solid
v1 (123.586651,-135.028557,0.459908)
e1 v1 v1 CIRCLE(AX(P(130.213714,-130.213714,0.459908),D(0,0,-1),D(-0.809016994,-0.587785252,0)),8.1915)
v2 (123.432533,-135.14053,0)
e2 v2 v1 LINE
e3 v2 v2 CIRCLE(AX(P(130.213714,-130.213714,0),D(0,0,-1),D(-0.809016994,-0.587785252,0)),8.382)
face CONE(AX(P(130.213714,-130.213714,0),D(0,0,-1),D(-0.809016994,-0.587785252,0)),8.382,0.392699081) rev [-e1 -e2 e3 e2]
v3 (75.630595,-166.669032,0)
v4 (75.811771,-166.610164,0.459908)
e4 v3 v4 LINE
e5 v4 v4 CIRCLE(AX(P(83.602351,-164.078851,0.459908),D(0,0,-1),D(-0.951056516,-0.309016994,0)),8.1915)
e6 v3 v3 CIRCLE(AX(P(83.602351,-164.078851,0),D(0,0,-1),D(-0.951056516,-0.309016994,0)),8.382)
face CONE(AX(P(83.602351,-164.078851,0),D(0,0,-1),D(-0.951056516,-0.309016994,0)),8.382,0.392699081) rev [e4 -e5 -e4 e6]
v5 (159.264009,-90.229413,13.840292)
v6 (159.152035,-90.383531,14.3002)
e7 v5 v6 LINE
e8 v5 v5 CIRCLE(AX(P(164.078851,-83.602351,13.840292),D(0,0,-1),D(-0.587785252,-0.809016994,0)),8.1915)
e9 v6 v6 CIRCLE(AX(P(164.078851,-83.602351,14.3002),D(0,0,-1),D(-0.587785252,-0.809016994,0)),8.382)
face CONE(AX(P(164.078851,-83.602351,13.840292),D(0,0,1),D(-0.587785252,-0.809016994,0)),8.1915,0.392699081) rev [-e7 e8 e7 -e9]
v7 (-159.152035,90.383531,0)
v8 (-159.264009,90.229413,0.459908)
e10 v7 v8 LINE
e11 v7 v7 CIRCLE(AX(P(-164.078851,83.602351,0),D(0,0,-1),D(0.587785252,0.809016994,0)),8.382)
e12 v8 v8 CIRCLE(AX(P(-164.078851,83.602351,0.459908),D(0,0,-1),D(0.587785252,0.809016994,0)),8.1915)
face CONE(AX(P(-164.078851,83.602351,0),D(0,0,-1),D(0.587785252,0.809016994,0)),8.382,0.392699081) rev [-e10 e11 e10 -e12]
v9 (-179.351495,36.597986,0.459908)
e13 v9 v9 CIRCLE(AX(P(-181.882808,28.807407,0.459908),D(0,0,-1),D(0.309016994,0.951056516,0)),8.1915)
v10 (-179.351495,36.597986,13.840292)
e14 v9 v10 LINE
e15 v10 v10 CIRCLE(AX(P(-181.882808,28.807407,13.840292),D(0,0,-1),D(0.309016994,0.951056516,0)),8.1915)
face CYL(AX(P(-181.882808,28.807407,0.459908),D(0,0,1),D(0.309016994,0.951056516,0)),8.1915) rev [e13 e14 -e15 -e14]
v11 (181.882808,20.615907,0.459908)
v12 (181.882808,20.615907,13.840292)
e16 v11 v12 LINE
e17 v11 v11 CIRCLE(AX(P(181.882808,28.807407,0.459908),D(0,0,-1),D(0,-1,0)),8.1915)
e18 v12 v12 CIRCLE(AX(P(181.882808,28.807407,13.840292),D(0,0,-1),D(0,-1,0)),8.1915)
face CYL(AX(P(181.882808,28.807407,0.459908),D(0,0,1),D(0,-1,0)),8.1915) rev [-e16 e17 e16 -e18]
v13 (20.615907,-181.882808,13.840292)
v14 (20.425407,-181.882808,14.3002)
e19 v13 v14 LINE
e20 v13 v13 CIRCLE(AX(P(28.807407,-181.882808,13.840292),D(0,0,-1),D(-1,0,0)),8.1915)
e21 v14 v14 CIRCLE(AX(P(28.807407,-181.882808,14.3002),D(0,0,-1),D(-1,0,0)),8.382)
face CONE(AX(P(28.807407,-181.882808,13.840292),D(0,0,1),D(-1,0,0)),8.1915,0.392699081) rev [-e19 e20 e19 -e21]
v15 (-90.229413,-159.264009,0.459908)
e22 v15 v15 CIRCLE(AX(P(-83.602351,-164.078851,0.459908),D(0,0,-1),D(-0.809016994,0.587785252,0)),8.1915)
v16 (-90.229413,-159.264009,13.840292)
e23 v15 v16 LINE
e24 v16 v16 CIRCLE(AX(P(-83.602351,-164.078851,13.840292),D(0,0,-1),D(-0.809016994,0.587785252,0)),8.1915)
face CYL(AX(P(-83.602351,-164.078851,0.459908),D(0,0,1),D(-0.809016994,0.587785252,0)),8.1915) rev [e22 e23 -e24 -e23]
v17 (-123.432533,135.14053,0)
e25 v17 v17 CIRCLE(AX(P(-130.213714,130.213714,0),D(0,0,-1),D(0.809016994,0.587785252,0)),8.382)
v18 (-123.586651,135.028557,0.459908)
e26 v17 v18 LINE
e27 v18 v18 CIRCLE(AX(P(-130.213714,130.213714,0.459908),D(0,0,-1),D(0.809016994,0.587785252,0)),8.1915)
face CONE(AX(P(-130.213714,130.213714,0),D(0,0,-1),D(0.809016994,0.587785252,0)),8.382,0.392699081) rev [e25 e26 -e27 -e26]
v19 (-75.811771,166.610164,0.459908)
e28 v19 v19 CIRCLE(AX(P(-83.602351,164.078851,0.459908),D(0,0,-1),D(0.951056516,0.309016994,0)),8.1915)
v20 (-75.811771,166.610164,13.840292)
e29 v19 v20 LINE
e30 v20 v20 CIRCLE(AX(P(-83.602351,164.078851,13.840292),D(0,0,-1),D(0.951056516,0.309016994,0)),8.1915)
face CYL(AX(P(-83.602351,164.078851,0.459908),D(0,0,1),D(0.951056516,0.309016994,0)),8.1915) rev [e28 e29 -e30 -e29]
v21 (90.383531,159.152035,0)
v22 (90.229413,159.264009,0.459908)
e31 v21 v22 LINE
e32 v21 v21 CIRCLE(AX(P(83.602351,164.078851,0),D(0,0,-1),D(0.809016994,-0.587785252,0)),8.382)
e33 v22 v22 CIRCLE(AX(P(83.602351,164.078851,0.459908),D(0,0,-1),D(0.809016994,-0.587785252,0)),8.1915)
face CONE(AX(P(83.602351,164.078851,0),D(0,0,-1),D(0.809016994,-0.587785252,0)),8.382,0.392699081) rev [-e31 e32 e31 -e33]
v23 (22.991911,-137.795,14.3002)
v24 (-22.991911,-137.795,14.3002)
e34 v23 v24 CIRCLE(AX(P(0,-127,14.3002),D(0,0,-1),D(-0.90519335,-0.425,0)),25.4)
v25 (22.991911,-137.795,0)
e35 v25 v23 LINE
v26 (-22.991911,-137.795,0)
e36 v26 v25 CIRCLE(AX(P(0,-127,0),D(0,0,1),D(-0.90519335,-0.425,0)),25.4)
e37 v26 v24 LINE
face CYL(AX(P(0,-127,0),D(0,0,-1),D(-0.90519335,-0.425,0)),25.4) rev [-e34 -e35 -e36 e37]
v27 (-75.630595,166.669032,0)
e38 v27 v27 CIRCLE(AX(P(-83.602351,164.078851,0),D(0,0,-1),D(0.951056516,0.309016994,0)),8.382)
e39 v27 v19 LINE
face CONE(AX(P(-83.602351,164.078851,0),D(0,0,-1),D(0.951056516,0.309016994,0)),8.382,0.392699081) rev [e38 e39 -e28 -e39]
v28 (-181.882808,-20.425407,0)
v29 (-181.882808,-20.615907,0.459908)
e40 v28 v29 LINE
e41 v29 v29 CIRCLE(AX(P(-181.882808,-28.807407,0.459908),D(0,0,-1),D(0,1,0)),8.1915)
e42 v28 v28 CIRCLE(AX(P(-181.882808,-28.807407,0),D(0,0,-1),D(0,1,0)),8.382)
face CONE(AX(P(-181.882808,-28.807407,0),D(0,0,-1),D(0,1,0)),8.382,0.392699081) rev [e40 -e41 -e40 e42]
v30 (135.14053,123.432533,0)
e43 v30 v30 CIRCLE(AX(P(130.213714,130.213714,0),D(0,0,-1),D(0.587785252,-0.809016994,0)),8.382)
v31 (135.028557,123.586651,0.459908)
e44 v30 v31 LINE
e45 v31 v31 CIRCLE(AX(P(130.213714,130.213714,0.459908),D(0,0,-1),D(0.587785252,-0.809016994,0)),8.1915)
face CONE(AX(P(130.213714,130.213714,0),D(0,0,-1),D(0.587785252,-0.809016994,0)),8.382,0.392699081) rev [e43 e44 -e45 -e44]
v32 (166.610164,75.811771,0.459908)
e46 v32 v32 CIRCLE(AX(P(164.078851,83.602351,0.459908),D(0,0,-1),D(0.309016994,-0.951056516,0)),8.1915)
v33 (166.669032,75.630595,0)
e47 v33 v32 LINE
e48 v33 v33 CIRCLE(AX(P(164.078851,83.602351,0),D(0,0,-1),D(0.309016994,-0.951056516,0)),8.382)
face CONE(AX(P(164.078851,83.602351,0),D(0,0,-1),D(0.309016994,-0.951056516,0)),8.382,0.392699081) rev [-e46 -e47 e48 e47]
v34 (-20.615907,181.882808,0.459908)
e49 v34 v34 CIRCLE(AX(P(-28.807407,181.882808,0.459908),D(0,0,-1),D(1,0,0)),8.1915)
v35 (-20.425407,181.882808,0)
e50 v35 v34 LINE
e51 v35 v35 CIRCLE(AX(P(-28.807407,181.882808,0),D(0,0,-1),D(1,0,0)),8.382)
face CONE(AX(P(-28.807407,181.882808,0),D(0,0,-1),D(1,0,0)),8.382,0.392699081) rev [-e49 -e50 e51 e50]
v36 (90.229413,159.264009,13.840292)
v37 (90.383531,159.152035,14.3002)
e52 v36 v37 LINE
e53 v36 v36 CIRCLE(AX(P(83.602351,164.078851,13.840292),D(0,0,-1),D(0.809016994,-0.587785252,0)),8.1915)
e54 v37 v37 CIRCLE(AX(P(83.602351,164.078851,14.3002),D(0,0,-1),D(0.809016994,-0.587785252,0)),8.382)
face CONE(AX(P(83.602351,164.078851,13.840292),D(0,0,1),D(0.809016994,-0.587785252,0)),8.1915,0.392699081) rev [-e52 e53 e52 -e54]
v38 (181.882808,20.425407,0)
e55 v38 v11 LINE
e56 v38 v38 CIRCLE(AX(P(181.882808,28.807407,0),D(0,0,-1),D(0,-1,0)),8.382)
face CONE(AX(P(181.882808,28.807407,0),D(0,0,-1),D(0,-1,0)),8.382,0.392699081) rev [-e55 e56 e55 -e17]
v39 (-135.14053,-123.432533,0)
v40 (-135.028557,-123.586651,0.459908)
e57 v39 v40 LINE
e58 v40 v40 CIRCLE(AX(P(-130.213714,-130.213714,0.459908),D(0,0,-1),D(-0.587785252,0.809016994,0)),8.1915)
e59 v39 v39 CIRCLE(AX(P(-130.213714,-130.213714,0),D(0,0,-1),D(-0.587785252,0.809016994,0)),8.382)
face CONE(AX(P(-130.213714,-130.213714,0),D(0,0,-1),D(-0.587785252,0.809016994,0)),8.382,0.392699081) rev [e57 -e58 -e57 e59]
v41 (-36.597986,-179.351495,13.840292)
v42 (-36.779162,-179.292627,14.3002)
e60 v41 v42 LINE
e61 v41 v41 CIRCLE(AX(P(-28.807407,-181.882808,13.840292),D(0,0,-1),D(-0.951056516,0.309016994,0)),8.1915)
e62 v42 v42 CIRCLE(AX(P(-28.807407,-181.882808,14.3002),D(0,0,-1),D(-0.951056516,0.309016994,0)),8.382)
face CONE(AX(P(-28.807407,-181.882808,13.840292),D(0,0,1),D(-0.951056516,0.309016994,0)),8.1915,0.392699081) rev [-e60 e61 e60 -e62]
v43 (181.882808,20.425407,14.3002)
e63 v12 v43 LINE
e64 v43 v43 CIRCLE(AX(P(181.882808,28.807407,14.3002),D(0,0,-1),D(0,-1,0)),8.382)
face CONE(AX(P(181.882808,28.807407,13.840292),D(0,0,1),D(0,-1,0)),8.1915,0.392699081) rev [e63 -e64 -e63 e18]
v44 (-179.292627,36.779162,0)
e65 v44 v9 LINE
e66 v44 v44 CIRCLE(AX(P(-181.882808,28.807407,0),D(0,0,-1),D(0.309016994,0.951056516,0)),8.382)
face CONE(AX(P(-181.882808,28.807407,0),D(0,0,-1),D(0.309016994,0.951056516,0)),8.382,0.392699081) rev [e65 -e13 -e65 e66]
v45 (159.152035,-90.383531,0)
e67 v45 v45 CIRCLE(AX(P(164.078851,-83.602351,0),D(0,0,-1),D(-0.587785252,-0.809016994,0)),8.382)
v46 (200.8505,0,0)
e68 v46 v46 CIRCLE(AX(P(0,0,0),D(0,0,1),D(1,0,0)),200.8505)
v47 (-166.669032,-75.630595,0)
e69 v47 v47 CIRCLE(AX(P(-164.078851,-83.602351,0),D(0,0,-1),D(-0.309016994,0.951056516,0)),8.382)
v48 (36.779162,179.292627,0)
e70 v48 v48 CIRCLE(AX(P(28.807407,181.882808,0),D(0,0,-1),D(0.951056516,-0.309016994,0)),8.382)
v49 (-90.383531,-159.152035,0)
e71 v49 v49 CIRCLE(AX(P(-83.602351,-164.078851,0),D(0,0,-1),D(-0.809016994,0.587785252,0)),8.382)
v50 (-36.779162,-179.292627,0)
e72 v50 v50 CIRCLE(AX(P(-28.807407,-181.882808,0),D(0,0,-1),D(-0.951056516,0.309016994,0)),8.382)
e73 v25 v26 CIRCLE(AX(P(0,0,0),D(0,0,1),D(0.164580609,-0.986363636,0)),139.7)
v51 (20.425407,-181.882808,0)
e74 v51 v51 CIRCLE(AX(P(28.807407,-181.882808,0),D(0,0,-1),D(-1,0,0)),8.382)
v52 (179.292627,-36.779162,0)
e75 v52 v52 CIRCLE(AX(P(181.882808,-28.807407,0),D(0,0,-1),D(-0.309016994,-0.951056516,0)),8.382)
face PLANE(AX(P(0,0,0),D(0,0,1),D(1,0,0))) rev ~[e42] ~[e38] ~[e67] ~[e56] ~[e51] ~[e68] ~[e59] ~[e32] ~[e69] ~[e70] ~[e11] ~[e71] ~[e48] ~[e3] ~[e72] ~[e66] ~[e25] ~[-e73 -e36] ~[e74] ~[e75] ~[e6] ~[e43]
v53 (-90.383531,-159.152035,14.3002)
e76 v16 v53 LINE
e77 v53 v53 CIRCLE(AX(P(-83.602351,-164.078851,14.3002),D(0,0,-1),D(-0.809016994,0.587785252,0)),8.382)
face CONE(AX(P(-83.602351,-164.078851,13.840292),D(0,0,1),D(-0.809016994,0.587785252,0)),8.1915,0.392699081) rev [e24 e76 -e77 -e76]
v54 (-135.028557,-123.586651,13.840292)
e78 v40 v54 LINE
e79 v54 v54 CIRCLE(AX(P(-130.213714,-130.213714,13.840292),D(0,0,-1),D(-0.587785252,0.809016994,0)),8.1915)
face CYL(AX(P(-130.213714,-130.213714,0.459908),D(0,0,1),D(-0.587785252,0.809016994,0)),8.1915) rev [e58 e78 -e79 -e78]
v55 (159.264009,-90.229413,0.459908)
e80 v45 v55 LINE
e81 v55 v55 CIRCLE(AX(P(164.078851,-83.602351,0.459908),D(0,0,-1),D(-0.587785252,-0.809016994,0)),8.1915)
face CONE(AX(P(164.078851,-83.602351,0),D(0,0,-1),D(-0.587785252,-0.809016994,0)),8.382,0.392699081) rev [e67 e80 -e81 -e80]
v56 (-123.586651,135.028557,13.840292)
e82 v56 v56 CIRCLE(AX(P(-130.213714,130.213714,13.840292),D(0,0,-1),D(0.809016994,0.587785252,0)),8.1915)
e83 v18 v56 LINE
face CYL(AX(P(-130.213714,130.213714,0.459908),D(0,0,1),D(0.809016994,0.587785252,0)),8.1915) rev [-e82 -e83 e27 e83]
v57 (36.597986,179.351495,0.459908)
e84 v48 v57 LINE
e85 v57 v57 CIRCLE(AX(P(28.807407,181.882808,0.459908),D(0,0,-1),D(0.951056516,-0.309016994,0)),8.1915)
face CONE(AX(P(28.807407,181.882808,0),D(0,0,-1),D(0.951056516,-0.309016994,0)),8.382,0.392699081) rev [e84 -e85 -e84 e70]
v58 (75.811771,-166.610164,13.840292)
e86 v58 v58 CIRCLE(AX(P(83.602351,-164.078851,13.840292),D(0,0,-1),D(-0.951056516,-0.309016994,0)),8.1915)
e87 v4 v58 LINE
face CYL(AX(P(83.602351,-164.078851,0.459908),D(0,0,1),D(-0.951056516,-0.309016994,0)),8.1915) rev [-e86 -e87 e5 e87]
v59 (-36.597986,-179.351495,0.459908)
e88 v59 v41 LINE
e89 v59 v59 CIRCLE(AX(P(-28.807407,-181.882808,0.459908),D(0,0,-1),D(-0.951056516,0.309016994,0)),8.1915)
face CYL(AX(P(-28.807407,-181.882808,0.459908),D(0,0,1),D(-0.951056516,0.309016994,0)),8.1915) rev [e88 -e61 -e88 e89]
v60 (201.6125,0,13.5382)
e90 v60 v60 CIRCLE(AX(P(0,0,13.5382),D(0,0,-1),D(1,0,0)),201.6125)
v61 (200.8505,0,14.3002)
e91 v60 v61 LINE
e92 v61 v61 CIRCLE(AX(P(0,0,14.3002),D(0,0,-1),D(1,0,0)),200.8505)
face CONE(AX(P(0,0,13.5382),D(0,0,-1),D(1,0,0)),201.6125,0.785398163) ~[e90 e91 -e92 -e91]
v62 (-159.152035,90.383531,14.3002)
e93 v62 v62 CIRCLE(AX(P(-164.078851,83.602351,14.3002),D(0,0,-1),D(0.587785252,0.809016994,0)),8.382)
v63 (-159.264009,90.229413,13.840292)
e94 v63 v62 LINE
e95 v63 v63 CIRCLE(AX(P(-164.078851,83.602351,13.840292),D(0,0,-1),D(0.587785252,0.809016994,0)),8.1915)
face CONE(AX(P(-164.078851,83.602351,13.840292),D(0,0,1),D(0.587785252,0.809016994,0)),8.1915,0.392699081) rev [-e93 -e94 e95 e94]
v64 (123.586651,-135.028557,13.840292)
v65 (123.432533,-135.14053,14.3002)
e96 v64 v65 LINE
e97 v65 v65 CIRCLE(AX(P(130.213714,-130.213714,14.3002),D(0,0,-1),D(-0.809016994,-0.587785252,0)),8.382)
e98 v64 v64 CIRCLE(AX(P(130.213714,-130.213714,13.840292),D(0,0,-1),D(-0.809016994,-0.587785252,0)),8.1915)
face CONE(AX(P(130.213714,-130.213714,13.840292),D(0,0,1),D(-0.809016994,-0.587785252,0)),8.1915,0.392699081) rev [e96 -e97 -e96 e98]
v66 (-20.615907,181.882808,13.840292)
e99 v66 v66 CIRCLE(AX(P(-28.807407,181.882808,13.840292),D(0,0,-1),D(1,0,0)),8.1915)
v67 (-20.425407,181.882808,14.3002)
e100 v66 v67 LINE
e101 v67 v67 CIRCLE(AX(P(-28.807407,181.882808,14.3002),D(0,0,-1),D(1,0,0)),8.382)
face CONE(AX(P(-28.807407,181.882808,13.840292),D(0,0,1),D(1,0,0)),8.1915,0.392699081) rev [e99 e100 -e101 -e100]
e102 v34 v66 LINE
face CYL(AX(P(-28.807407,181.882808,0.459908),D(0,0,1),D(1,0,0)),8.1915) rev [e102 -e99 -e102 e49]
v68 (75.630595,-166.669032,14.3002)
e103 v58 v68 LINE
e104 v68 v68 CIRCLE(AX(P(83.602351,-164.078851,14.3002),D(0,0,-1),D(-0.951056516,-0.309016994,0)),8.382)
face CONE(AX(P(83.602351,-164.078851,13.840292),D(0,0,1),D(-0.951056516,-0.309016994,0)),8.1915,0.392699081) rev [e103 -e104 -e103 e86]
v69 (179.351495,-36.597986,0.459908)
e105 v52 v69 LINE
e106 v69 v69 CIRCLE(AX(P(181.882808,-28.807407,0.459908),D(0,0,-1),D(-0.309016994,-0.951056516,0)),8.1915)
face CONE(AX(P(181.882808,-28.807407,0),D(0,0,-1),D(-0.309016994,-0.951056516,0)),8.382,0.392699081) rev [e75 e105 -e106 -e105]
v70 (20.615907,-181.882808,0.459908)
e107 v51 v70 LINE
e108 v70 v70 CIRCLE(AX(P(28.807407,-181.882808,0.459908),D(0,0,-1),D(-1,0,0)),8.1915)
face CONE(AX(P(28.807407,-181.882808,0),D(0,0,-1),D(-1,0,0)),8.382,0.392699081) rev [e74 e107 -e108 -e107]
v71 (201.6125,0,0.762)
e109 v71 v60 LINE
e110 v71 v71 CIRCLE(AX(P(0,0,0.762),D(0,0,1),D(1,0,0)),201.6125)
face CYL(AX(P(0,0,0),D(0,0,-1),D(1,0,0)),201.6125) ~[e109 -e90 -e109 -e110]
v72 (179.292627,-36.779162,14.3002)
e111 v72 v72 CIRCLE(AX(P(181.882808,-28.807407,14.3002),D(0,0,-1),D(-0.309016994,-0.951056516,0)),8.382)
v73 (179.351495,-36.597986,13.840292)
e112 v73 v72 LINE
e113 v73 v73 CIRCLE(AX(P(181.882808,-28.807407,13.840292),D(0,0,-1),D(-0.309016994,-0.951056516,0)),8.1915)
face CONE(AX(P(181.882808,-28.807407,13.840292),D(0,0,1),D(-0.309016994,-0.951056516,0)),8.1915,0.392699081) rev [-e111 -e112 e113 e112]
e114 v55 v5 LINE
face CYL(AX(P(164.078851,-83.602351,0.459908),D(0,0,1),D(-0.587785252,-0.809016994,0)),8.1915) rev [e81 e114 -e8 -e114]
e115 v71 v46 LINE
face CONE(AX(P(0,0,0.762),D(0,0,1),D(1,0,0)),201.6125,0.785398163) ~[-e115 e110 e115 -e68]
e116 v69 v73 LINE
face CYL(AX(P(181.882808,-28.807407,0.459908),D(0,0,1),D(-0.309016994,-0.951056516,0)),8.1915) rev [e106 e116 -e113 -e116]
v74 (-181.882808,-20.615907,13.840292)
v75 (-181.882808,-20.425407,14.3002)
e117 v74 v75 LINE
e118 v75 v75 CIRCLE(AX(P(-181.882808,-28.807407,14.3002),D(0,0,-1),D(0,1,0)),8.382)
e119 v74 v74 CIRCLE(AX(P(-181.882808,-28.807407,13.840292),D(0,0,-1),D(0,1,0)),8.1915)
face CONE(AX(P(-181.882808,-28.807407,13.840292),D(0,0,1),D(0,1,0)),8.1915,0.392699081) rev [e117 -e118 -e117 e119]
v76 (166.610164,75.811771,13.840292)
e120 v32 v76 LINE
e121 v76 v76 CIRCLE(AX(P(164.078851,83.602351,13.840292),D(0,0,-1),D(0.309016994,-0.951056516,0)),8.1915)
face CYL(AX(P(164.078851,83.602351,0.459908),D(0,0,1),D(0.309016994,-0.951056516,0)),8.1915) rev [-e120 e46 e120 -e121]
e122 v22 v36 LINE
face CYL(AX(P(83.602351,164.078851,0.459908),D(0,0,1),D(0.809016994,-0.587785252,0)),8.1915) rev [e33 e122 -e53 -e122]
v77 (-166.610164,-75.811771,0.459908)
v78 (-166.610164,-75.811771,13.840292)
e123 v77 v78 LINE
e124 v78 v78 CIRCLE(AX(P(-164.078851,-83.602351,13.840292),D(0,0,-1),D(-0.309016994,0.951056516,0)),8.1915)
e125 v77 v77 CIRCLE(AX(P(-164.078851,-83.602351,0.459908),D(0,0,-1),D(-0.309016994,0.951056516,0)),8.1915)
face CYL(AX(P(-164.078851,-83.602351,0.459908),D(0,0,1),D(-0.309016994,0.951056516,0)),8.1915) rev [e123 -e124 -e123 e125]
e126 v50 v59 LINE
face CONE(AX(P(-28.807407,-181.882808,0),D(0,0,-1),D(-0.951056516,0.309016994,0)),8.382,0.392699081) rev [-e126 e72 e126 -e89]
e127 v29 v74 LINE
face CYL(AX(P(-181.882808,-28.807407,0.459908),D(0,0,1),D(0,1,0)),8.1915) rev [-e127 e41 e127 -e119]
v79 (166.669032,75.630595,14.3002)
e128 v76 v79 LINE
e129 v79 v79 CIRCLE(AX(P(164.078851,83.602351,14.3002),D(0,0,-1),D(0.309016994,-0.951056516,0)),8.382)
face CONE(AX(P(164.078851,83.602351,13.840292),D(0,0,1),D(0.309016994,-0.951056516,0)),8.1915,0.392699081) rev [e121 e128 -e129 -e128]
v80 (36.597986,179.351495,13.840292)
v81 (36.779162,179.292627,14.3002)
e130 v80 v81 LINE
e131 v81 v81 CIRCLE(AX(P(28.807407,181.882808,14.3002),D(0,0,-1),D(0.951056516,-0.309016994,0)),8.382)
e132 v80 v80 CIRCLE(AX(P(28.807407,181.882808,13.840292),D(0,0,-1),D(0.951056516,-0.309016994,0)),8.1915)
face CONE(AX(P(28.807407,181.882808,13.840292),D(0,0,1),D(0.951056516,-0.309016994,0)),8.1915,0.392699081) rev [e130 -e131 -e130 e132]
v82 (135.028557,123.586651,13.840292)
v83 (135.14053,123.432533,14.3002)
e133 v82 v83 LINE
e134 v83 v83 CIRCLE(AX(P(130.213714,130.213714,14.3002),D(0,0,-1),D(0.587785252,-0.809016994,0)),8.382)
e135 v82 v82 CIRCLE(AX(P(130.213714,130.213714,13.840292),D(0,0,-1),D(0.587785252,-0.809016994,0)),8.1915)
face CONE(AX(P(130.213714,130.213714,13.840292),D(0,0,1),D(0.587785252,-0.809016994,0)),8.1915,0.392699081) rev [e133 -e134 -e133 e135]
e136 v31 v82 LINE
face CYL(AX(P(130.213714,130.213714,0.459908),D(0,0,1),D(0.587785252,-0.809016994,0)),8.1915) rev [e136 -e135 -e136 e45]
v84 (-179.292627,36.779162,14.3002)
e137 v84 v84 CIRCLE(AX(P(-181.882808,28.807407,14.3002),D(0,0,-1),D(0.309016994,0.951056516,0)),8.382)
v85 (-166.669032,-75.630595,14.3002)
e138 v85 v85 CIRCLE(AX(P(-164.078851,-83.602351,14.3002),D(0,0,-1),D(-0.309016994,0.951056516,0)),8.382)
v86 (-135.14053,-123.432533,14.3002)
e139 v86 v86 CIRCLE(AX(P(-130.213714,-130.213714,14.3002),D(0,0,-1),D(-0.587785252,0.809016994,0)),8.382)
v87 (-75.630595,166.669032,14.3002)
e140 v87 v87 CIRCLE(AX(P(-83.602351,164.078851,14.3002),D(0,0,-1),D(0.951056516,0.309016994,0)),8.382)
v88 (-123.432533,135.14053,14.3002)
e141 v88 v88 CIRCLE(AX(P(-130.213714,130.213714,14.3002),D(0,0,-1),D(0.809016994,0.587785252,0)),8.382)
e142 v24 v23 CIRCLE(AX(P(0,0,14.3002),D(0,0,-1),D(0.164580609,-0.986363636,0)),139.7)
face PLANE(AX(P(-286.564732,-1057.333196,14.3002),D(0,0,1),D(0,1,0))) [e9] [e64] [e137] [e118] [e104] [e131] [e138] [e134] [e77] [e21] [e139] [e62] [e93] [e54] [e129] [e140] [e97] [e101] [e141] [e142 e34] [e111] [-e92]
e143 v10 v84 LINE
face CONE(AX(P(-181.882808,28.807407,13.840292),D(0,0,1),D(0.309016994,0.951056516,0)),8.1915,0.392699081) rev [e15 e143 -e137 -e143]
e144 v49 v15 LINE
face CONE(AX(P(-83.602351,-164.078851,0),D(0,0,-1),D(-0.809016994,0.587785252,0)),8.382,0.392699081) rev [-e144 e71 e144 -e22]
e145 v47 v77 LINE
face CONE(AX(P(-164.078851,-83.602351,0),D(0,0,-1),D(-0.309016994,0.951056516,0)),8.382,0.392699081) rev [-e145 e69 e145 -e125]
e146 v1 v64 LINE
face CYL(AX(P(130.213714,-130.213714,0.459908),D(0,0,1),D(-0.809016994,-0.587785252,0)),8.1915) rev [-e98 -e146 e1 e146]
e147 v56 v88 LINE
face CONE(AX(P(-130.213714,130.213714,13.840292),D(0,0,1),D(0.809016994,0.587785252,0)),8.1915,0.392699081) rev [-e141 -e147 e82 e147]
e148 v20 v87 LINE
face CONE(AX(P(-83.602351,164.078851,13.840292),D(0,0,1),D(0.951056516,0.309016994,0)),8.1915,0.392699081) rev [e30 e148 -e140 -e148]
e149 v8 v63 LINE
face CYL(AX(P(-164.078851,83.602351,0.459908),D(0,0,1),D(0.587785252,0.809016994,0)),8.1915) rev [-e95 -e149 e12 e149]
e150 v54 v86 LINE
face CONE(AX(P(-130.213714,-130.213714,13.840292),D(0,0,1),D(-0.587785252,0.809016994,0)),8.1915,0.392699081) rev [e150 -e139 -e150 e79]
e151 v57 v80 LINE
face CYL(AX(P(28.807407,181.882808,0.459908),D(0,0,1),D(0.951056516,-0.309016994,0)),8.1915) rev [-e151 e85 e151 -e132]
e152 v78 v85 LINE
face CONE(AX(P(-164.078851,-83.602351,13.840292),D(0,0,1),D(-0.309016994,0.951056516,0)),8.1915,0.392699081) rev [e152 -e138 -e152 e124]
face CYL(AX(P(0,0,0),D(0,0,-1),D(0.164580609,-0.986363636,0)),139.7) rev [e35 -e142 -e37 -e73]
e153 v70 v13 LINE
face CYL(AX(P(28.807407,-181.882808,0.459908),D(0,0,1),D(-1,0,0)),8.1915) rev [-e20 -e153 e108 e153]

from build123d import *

# Parameters (mm, degrees)
SKETCH1_R               = 201.6125
BASE_EXTRUDE_DEPTH      = 15.875
CUT_EXTRUDE1_DEPTH      = 286.564731607
CUT_EXTRUDE1_DEPTH_BACK = 286.564731607
CIRPATTERN1_COUNT       = 20
CHAMFER1_SIZE           = 0.762


with BuildPart() as part:
    # Sketch1 → Base-Extrude (new body)
    with BuildSketch(Plane.XY):
        Circle(SKETCH1_R)
        with BuildLine():
            ThreePointArc((22.991911078, -137.795), (0, 139.7), (-22.991911078, -137.795))
            ThreePointArc((-22.991911078, -137.795), (0, -152.4), (22.991911078, -137.795))
        make_face(mode=Mode.SUBTRACT)
    extrude(amount=BASE_EXTRUDE_DEPTH)

    # Sketch7 → Cut-Extrude1 (cut, two sides: drawn at the far end of the back side and taken through both)
    with BuildSketch(Plane(origin=(0, 0, 0), x_dir=(0, 0, -1), z_dir=(1, 0, 0)).offset(-CUT_EXTRUDE1_DEPTH_BACK)):
        Polygon((-14.3002, 1056.882009862), (-14.3002, 214.087795121), (-14.3002, -214.538981202), (-14.3002, -1057.333195943), (-1699.888629482, -1057.333195943), (-1699.888629482, 1056.882009862), align=None)
    extrude(amount=CUT_EXTRUDE1_DEPTH + CUT_EXTRUDE1_DEPTH_BACK, mode=Mode.SUBTRACT)

    # Sketch9 → 5/8 (0.625) Diameter Hole1 (revolve, cut)
    with BuildSketch(Plane(origin=(181.882807921, 28.807406737, 14.3002), x_dir=(0, -1, 0), z_dir=(1, 0, 0))):
        Polygon((0, 0), (0, 14.3002), (8.382, 14.3002), (8.1915, 13.840292316), (8.1915, 0.459907684), (8.382, 0), align=None)
    f_5_8_0_625_diameter_hole1 = revolve(axis=Axis((181.882807921, 28.807406737, 20.6502), (0, 0, -1)), mode=Mode.SUBTRACT)

    # CirPattern1: 5/8 (0.625) Diameter Hole1 ×20 about axis
    cirpattern1_axis = Axis((0, 0, -80.9), (0, 0, 1))
    for i in range(1, CIRPATTERN1_COUNT):
        add(f_5_8_0_625_diameter_hole1.rotate(cirpattern1_axis, i * 360 / CIRPATTERN1_COUNT), mode=Mode.SUBTRACT)

    # Chamfer1
    chamfer1_edges = [part.edges().sort_by_distance(p)[0] for p in [
        (-201.6125, 0, 0),
        (-201.6125, 0, 14.3002),
    ]]
    chamfer(chamfer1_edges, length=CHAMFER1_SIZE)


solid = part.part
